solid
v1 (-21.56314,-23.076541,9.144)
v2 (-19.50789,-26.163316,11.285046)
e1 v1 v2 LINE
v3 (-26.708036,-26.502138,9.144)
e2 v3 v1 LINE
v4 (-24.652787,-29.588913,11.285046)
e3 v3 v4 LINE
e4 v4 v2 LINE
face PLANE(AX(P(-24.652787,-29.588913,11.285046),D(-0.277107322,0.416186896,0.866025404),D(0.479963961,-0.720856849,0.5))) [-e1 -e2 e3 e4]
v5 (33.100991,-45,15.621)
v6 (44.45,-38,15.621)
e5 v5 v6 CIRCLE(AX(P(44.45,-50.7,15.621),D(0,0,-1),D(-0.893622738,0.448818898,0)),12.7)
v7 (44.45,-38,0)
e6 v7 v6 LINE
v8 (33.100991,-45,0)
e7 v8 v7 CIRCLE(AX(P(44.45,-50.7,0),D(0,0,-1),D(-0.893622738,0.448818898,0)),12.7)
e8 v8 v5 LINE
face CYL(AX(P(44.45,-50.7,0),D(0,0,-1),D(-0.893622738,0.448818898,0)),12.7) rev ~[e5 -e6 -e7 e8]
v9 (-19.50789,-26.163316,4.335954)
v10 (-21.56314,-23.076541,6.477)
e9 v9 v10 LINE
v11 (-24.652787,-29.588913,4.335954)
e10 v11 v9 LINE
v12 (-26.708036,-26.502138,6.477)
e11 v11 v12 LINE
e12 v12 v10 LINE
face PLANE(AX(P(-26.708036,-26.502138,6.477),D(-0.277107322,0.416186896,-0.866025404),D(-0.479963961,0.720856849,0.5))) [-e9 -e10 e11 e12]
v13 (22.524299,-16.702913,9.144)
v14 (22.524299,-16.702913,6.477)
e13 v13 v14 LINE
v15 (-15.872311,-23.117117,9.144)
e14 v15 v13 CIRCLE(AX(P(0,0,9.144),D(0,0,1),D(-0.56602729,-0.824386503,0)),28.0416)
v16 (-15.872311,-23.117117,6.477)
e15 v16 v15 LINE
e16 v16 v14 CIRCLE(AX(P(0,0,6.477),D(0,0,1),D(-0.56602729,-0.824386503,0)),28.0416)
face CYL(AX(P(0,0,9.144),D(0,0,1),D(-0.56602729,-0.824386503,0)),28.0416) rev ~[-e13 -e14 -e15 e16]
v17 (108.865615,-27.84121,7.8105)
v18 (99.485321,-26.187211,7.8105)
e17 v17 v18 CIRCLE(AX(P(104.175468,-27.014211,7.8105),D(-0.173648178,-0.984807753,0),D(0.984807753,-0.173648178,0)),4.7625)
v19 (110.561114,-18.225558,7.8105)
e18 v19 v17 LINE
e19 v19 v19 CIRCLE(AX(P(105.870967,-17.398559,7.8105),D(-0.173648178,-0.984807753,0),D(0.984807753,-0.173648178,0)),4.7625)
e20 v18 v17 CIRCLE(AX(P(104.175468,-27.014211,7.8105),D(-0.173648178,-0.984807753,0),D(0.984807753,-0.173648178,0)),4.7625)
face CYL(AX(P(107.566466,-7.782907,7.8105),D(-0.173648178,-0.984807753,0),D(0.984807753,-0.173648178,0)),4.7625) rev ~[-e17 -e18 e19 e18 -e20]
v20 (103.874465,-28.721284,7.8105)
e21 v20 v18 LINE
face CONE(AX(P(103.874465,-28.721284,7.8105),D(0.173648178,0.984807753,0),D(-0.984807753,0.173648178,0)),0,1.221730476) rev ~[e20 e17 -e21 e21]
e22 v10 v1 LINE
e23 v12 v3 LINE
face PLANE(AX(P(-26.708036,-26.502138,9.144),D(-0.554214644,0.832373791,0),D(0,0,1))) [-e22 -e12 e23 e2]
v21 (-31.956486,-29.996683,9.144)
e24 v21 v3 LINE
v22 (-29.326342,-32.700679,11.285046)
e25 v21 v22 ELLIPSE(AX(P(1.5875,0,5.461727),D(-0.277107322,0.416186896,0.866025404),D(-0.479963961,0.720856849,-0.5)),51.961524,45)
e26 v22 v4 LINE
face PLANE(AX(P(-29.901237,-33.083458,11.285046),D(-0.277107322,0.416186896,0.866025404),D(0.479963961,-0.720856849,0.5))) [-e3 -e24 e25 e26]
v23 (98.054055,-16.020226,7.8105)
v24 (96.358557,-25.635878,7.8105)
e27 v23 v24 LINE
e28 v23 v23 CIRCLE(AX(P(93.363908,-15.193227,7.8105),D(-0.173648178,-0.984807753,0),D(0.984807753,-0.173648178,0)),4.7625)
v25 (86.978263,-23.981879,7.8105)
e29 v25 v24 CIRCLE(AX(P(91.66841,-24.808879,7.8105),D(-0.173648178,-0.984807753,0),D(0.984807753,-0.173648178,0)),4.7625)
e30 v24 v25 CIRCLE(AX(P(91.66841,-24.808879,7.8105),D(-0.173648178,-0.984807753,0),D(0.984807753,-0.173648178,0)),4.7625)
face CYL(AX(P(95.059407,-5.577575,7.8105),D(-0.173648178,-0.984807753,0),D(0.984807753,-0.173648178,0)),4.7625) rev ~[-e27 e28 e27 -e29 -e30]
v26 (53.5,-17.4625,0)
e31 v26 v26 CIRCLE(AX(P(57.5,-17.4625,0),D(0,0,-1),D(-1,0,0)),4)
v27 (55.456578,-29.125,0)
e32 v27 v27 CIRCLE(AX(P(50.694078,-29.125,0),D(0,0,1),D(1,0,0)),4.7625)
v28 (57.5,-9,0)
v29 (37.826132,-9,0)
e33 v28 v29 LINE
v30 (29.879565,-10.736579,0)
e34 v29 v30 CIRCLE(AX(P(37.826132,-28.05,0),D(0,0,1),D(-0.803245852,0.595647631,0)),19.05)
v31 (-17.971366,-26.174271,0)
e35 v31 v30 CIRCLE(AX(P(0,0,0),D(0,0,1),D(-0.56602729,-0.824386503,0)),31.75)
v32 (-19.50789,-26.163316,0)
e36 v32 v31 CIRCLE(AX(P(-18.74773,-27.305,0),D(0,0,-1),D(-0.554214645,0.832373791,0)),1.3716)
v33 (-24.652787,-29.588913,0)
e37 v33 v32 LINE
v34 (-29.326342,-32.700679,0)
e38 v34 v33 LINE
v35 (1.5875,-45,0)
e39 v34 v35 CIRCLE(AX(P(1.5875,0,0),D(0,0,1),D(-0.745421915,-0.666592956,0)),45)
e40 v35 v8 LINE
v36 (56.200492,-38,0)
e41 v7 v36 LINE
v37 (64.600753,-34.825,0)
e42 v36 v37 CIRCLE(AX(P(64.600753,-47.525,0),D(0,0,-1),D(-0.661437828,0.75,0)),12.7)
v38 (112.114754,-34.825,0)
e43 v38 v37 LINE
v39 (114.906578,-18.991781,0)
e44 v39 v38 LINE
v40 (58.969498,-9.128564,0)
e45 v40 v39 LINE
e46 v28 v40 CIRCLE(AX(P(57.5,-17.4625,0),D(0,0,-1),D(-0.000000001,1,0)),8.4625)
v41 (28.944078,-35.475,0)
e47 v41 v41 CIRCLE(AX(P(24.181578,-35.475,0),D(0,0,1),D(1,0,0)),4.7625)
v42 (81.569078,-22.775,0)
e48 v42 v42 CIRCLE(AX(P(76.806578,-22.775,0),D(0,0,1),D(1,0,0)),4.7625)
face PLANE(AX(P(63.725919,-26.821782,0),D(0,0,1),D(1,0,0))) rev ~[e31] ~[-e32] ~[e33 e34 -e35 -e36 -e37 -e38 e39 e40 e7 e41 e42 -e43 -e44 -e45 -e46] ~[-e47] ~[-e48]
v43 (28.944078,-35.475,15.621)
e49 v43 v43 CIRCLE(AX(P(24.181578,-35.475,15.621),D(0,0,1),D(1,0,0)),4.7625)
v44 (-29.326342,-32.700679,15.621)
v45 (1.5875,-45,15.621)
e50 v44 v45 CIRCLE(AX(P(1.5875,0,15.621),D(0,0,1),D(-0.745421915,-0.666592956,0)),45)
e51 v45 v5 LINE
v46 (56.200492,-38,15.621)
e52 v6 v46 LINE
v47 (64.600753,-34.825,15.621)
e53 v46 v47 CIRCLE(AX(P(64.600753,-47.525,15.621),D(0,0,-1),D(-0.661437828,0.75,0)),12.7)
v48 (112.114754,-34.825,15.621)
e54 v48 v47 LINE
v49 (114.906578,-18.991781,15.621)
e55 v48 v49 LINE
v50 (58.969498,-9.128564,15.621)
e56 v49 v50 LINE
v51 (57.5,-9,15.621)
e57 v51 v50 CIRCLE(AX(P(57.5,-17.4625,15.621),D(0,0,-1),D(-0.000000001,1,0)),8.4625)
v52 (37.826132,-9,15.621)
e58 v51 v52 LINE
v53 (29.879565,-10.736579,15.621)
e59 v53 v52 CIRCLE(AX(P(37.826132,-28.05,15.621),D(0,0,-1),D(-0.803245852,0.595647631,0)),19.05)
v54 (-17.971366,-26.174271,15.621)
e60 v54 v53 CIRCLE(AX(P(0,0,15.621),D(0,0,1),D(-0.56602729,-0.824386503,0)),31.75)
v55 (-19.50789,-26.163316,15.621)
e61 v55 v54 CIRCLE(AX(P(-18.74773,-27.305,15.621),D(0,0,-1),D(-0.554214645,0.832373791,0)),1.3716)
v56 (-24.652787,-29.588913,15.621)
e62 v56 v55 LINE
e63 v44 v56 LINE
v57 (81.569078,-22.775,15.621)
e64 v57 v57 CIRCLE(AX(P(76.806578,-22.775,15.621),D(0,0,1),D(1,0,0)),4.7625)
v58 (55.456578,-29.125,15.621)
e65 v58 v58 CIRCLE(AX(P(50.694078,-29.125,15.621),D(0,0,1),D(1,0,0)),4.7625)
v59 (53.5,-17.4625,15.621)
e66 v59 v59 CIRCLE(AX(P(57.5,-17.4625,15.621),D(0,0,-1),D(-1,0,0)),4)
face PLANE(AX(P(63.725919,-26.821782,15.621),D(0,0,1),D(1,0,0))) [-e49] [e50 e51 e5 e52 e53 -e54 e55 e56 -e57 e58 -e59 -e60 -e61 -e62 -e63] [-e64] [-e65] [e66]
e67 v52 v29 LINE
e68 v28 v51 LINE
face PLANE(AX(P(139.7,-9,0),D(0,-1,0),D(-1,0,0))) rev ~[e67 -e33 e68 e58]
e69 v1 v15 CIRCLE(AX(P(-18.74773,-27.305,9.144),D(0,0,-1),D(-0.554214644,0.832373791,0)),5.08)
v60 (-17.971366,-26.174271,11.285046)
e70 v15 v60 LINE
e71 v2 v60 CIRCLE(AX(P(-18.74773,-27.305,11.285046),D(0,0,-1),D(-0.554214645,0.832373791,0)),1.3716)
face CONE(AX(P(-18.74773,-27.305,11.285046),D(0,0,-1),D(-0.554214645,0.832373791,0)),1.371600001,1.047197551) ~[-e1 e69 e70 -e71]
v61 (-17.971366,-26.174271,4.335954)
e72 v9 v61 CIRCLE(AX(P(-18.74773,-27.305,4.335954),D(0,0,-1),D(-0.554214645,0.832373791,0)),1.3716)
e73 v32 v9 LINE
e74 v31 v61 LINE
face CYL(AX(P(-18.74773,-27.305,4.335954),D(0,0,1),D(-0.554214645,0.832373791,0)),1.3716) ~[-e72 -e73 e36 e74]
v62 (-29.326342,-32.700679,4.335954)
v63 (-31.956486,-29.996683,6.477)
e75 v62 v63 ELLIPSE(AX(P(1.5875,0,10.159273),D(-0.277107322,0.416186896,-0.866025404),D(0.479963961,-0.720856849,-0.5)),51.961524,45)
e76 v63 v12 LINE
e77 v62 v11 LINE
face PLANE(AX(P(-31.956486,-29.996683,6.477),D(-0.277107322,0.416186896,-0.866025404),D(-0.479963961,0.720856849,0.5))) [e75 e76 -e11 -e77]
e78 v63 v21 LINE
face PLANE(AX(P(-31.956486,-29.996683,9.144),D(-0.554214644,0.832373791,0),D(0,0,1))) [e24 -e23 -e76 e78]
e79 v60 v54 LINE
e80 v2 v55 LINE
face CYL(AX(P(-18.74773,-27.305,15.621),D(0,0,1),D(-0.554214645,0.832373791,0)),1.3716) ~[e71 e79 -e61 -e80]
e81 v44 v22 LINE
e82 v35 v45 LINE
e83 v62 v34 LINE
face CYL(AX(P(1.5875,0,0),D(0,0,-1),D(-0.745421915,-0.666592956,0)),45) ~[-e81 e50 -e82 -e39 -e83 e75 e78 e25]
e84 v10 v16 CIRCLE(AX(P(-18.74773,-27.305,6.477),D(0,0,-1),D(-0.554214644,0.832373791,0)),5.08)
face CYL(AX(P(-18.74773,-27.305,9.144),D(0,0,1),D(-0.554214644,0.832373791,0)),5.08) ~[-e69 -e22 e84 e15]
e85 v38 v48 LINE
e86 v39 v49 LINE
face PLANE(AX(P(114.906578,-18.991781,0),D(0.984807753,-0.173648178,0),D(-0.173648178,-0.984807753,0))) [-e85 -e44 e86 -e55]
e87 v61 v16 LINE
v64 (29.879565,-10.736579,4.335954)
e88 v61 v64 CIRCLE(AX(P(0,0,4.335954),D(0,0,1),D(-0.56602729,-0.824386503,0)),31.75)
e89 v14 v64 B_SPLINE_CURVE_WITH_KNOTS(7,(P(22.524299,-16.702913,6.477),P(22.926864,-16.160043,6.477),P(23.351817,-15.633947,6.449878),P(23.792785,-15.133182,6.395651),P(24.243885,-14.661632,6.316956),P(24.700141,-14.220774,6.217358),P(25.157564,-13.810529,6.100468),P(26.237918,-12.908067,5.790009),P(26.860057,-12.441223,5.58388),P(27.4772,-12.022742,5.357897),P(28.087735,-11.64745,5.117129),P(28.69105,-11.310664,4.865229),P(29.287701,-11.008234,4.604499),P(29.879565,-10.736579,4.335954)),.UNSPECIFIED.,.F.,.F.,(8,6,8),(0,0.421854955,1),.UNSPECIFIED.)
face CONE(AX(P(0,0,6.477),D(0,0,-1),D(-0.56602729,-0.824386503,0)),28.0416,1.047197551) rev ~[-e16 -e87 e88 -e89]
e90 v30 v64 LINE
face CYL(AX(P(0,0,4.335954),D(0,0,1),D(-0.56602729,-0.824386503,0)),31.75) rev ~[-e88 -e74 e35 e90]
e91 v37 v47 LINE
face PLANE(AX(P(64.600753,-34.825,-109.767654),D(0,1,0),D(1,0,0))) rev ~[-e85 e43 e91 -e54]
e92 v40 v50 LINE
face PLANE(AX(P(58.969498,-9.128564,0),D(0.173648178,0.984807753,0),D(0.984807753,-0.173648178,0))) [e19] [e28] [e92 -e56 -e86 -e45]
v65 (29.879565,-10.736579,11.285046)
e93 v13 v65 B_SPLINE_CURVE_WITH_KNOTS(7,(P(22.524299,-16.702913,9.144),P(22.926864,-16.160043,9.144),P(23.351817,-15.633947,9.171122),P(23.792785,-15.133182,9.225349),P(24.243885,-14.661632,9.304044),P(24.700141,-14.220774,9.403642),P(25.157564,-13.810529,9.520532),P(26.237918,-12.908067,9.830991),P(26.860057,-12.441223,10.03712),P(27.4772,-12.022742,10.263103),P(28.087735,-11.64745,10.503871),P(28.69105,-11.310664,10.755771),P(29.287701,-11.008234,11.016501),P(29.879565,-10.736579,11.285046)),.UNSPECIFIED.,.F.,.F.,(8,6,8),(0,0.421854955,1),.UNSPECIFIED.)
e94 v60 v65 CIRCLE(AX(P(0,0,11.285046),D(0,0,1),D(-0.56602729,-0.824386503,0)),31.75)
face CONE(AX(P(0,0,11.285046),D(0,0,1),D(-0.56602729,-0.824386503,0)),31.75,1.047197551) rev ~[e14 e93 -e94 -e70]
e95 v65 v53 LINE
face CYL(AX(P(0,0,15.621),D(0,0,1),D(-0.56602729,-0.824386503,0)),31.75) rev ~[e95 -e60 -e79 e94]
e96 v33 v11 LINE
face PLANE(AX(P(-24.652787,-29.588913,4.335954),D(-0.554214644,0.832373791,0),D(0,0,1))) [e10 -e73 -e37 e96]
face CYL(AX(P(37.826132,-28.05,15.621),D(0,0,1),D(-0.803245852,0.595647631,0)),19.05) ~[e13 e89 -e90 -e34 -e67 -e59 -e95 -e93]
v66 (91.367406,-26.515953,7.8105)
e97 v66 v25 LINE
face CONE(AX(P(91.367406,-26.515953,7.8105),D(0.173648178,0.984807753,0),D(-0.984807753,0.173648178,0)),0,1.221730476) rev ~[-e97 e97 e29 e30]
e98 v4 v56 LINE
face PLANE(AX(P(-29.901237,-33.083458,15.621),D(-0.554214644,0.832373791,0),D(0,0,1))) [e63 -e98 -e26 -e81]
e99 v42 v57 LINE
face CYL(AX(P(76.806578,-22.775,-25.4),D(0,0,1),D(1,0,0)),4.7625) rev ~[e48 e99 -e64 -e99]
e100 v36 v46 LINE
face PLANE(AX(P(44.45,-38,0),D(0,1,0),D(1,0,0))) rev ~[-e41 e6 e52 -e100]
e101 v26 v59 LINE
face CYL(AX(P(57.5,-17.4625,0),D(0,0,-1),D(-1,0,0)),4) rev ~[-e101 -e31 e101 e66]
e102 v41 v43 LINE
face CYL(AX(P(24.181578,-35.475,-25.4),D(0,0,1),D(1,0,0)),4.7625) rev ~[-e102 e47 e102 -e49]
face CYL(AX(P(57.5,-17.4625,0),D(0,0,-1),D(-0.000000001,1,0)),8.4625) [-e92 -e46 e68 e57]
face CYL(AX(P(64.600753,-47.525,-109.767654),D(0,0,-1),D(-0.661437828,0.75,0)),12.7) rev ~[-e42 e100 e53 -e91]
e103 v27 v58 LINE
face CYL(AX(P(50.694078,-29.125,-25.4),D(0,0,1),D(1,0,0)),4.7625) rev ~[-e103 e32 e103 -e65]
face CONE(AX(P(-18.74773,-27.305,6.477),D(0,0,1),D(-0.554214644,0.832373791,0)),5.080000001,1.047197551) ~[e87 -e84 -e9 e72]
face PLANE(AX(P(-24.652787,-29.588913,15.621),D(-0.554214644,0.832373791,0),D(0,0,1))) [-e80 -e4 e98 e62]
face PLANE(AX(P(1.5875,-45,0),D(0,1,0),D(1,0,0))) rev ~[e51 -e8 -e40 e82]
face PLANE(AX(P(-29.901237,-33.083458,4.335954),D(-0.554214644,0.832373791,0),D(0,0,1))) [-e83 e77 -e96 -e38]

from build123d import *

# Parameters (mm, degrees)
EXTRUDE1_DEPTH                   = 15.621
SKETCH5_W                        = 270.806573858
SKETCH5_H                        = 166.102939791
EXTRUDE2_DEPTH                   = 160.670835286
SKETCH6_R                        = 4
EXTRUDE3_DEPTH                   = 160.670835296
EXTRUDE4_DEPTH                   = 160.670835296
F_3_8_0_375_DIAMETER_HOLE1_D     = 9.525
F_3_8_0_375_DIAMETER_HOLE1_DEPTH = 25.4
F_3_8_0_375_DIAMETER_HOLE1_TIP   = 1.733408241
F_3_8_0_375_DIAMETER_HOLE2_D     = 9.525
F_3_8_0_375_DIAMETER_HOLE2_DEPTH = 9.7639886
F_3_8_0_375_DIAMETER_HOLE2_TIP   = 1.733408241
EXTRUDE7_DEPTH                   = 125.388654342
EXTRUDE7_DEPTH_BACK              = 125.388654342


with BuildPart() as part:
    # Sketch1 → Extrude1 (new body)
    with BuildSketch(Plane.XY):
        with BuildLine():
            Line((-18.523440753, -21.052635779), (-31.956486184, -29.996682998))
            ThreePointArc((-31.956486184, -29.996682998), (-16.785704199, -41.078283404), (1.5875, -45))
            Line((1.5875, -45), (33.100991233, -45))
            ThreePointArc((33.100991233, -45), (37.78291668, -39.890744707), (44.45, -38))
            Line((44.45, -38), (152.4, -38))
            Line((152.4, -38), (152.4, -21.7))
            Line((152.4, -21.7), (139.7, -21.7))
            Line((139.7, -21.7), (139.7, -9))
            Line((139.7, -9), (26.558074677, -9))
            ThreePointArc((26.558074677, -9), (7.242606084, -27.090145582), (-18.523440753, -21.052635779))
        make_face()
    extrude(amount=EXTRUDE1_DEPTH)

    # Cut-Sweep1: sweep along a path in Sketch4
    with BuildLine(Plane.XY.offset(15.621)) as cut_sweep1_path:
        Line((-31.956486184, -29.996682998), (-26.708036397, -26.502137926))
        Line((-26.708036397, -26.502137926), (-21.563139896, -23.076541141))
        ThreePointArc((-21.563139896, -23.076541141), (-18.711510192, -22.22512912), (-15.872310869, -23.117116564))
        ThreePointArc((-15.872310869, -23.117116564), (8.852662428, -26.607549652), (26.558074677, -9))
    # Sketch3 → Cut-Sweep1 (sweep, cut)
    with BuildSketch(Plane(origin=(26.558074677, -9, 15.621), x_dir=(0.9470955536490446, -0.3209517288599796, 0), z_dir=(-0.3209517288599796, -0.9470955536490446, 0))):
        Polygon((-25.4, 0), (3.7084, 0), (3.7084, -4.335954262), (0, -6.477), (0, -9.144), (3.7084, -11.285045738), (3.7084, -15.621), (-25.4, -15.621), (-25.4, -7.8105), align=None)
    sweep(path=cut_sweep1_path.line, mode=Mode.SUBTRACT)

    # Sketch5 → Extrude2 (cut, through all)
    with BuildSketch(Plane.XY.offset(15.621)):
        with Locations((52.123498329, -22.277908904)):
            Rectangle(SKETCH5_W, SKETCH5_H)
        with BuildLine():
            Line((38.333012193, 16.803768596), (31.532220939, 12.275636952))
            ThreePointArc((31.532220939, 12.275636952), (27.554347044, 11.558888171), (24.312391752, 13.972792773))
            ThreePointArc((24.312391752, 13.972792773), (-27.994081927, 1.631780505), (22.524298891, -16.702912621))
            ThreePointArc((22.524298891, -16.702912621), (29.260489218, -11.034352575), (37.826132376, -9))
            Line((37.826132376, -9), (139.7, -9))
            Line((139.7, -9), (139.7, -21.7))
            Line((139.7, -21.7), (152.4, -21.7))
            Line((152.4, -21.7), (152.4, -45))
            Line((152.4, -45), (1.5875, -45))
            ThreePointArc((1.5875, -45), (-37.731008972, 21.887321724), (39.835360247, 23.708673234))
            ThreePointArc((39.835360247, 23.708673234), (40.481466367, 19.95220497), (38.333012193, 16.803768596))
        make_face(mode=Mode.SUBTRACT)
    extrude(amount=-EXTRUDE2_DEPTH, mode=Mode.SUBTRACT)

    # Sketch6 → Extrude3 (cut, through all)
    with BuildSketch(Plane(origin=(0, 0, 0), x_dir=(-1, 0, 0), z_dir=(0, 0, -1))):
        with Locations((-57.5, -17.4625)):
            Circle(SKETCH6_R)
    extrude(amount=-EXTRUDE3_DEPTH, mode=Mode.SUBTRACT)

    # Sketch7 → Extrude4 (cut, through all)
    with BuildSketch(Plane(origin=(0, 0, 0), x_dir=(-1, 0, 0), z_dir=(0, 0, -1))):
        with BuildLine():
            Line((-58.969497704, -9.12856439), (-114.906578075, -18.991780882))
            Line((-114.906578075, -18.991780882), (-110.320627324, -45))
            Line((-110.320627324, -45), (-152.4, -45))
            Line((-152.4, -45), (-152.4, -9))
            Line((-152.4, -9), (-57.5, -9))
            ThreePointArc((-57.5, -9), (-58.237555473, -9.032202367), (-58.969497704, -9.12856439))
        make_face()
    extrude(amount=-EXTRUDE4_DEPTH, mode=Mode.SUBTRACT)

    # 3/8 (0.375) Diameter Hole1
    with Locations(Plane(origin=(0, 0, 0), x_dir=(-1, 0, 0), z_dir=(0, 0, -1))):
        with Locations((-24.181578009, -35.475), (-50.694078075, -29.125), (-76.806578075, -22.775)):
            Hole(F_3_8_0_375_DIAMETER_HOLE1_D / 2, depth=F_3_8_0_375_DIAMETER_HOLE1_DEPTH)
            with Locations((0, 0, -(F_3_8_0_375_DIAMETER_HOLE1_DEPTH + F_3_8_0_375_DIAMETER_HOLE1_TIP / 2))):  # 140° drill point
                Cone(0, F_3_8_0_375_DIAMETER_HOLE1_D / 2, F_3_8_0_375_DIAMETER_HOLE1_TIP, mode=Mode.SUBTRACT)

    # 3/8 (0.375) Diameter Hole2
    with Locations(Plane(origin=(0.217071479, 1.231073535, 0), x_dir=(-0.9848077530122092, 0.17364817766692367, 0), z_dir=(0.17364817766692367, 0.9848077530122092, 0))):
        with Locations((-94.583777101, 7.8105), (-107.283777101, 7.8105)):
            Hole(F_3_8_0_375_DIAMETER_HOLE2_D / 2, depth=F_3_8_0_375_DIAMETER_HOLE2_DEPTH)
            with Locations((0, 0, -(F_3_8_0_375_DIAMETER_HOLE2_DEPTH + F_3_8_0_375_DIAMETER_HOLE2_TIP / 2))):  # 140° drill point
                Cone(0, F_3_8_0_375_DIAMETER_HOLE2_D / 2, F_3_8_0_375_DIAMETER_HOLE2_TIP, mode=Mode.SUBTRACT)

    # Sketch13 → Extrude7 (cut, two sides: drawn at the far end of the back side and taken through both)
    with BuildSketch(Plane.XY.offset(15.621).offset(-EXTRUDE7_DEPTH_BACK)):
        with BuildLine():
            Line((-170.850798283, -238.240416596), (56.200492318, -38))
            ThreePointArc((56.200492318, -38), (60.110624671, -35.645237797), (64.600752731, -34.825))
            Line((64.600752731, -34.825), (112.114754353, -34.825))
            Line((112.114754353, -34.825), (414.849808488, -34.825))
            Line((414.849808488, -34.825), (613.492170854, -606.782396913))
            Line((613.492170854, -606.782396913), (27.791564083, -810.197813509))
            Line((27.791564083, -810.197813509), (-170.850798283, -238.240416596))
        make_face()
    extrude(amount=EXTRUDE7_DEPTH + EXTRUDE7_DEPTH_BACK, mode=Mode.SUBTRACT)


solid = part.part
